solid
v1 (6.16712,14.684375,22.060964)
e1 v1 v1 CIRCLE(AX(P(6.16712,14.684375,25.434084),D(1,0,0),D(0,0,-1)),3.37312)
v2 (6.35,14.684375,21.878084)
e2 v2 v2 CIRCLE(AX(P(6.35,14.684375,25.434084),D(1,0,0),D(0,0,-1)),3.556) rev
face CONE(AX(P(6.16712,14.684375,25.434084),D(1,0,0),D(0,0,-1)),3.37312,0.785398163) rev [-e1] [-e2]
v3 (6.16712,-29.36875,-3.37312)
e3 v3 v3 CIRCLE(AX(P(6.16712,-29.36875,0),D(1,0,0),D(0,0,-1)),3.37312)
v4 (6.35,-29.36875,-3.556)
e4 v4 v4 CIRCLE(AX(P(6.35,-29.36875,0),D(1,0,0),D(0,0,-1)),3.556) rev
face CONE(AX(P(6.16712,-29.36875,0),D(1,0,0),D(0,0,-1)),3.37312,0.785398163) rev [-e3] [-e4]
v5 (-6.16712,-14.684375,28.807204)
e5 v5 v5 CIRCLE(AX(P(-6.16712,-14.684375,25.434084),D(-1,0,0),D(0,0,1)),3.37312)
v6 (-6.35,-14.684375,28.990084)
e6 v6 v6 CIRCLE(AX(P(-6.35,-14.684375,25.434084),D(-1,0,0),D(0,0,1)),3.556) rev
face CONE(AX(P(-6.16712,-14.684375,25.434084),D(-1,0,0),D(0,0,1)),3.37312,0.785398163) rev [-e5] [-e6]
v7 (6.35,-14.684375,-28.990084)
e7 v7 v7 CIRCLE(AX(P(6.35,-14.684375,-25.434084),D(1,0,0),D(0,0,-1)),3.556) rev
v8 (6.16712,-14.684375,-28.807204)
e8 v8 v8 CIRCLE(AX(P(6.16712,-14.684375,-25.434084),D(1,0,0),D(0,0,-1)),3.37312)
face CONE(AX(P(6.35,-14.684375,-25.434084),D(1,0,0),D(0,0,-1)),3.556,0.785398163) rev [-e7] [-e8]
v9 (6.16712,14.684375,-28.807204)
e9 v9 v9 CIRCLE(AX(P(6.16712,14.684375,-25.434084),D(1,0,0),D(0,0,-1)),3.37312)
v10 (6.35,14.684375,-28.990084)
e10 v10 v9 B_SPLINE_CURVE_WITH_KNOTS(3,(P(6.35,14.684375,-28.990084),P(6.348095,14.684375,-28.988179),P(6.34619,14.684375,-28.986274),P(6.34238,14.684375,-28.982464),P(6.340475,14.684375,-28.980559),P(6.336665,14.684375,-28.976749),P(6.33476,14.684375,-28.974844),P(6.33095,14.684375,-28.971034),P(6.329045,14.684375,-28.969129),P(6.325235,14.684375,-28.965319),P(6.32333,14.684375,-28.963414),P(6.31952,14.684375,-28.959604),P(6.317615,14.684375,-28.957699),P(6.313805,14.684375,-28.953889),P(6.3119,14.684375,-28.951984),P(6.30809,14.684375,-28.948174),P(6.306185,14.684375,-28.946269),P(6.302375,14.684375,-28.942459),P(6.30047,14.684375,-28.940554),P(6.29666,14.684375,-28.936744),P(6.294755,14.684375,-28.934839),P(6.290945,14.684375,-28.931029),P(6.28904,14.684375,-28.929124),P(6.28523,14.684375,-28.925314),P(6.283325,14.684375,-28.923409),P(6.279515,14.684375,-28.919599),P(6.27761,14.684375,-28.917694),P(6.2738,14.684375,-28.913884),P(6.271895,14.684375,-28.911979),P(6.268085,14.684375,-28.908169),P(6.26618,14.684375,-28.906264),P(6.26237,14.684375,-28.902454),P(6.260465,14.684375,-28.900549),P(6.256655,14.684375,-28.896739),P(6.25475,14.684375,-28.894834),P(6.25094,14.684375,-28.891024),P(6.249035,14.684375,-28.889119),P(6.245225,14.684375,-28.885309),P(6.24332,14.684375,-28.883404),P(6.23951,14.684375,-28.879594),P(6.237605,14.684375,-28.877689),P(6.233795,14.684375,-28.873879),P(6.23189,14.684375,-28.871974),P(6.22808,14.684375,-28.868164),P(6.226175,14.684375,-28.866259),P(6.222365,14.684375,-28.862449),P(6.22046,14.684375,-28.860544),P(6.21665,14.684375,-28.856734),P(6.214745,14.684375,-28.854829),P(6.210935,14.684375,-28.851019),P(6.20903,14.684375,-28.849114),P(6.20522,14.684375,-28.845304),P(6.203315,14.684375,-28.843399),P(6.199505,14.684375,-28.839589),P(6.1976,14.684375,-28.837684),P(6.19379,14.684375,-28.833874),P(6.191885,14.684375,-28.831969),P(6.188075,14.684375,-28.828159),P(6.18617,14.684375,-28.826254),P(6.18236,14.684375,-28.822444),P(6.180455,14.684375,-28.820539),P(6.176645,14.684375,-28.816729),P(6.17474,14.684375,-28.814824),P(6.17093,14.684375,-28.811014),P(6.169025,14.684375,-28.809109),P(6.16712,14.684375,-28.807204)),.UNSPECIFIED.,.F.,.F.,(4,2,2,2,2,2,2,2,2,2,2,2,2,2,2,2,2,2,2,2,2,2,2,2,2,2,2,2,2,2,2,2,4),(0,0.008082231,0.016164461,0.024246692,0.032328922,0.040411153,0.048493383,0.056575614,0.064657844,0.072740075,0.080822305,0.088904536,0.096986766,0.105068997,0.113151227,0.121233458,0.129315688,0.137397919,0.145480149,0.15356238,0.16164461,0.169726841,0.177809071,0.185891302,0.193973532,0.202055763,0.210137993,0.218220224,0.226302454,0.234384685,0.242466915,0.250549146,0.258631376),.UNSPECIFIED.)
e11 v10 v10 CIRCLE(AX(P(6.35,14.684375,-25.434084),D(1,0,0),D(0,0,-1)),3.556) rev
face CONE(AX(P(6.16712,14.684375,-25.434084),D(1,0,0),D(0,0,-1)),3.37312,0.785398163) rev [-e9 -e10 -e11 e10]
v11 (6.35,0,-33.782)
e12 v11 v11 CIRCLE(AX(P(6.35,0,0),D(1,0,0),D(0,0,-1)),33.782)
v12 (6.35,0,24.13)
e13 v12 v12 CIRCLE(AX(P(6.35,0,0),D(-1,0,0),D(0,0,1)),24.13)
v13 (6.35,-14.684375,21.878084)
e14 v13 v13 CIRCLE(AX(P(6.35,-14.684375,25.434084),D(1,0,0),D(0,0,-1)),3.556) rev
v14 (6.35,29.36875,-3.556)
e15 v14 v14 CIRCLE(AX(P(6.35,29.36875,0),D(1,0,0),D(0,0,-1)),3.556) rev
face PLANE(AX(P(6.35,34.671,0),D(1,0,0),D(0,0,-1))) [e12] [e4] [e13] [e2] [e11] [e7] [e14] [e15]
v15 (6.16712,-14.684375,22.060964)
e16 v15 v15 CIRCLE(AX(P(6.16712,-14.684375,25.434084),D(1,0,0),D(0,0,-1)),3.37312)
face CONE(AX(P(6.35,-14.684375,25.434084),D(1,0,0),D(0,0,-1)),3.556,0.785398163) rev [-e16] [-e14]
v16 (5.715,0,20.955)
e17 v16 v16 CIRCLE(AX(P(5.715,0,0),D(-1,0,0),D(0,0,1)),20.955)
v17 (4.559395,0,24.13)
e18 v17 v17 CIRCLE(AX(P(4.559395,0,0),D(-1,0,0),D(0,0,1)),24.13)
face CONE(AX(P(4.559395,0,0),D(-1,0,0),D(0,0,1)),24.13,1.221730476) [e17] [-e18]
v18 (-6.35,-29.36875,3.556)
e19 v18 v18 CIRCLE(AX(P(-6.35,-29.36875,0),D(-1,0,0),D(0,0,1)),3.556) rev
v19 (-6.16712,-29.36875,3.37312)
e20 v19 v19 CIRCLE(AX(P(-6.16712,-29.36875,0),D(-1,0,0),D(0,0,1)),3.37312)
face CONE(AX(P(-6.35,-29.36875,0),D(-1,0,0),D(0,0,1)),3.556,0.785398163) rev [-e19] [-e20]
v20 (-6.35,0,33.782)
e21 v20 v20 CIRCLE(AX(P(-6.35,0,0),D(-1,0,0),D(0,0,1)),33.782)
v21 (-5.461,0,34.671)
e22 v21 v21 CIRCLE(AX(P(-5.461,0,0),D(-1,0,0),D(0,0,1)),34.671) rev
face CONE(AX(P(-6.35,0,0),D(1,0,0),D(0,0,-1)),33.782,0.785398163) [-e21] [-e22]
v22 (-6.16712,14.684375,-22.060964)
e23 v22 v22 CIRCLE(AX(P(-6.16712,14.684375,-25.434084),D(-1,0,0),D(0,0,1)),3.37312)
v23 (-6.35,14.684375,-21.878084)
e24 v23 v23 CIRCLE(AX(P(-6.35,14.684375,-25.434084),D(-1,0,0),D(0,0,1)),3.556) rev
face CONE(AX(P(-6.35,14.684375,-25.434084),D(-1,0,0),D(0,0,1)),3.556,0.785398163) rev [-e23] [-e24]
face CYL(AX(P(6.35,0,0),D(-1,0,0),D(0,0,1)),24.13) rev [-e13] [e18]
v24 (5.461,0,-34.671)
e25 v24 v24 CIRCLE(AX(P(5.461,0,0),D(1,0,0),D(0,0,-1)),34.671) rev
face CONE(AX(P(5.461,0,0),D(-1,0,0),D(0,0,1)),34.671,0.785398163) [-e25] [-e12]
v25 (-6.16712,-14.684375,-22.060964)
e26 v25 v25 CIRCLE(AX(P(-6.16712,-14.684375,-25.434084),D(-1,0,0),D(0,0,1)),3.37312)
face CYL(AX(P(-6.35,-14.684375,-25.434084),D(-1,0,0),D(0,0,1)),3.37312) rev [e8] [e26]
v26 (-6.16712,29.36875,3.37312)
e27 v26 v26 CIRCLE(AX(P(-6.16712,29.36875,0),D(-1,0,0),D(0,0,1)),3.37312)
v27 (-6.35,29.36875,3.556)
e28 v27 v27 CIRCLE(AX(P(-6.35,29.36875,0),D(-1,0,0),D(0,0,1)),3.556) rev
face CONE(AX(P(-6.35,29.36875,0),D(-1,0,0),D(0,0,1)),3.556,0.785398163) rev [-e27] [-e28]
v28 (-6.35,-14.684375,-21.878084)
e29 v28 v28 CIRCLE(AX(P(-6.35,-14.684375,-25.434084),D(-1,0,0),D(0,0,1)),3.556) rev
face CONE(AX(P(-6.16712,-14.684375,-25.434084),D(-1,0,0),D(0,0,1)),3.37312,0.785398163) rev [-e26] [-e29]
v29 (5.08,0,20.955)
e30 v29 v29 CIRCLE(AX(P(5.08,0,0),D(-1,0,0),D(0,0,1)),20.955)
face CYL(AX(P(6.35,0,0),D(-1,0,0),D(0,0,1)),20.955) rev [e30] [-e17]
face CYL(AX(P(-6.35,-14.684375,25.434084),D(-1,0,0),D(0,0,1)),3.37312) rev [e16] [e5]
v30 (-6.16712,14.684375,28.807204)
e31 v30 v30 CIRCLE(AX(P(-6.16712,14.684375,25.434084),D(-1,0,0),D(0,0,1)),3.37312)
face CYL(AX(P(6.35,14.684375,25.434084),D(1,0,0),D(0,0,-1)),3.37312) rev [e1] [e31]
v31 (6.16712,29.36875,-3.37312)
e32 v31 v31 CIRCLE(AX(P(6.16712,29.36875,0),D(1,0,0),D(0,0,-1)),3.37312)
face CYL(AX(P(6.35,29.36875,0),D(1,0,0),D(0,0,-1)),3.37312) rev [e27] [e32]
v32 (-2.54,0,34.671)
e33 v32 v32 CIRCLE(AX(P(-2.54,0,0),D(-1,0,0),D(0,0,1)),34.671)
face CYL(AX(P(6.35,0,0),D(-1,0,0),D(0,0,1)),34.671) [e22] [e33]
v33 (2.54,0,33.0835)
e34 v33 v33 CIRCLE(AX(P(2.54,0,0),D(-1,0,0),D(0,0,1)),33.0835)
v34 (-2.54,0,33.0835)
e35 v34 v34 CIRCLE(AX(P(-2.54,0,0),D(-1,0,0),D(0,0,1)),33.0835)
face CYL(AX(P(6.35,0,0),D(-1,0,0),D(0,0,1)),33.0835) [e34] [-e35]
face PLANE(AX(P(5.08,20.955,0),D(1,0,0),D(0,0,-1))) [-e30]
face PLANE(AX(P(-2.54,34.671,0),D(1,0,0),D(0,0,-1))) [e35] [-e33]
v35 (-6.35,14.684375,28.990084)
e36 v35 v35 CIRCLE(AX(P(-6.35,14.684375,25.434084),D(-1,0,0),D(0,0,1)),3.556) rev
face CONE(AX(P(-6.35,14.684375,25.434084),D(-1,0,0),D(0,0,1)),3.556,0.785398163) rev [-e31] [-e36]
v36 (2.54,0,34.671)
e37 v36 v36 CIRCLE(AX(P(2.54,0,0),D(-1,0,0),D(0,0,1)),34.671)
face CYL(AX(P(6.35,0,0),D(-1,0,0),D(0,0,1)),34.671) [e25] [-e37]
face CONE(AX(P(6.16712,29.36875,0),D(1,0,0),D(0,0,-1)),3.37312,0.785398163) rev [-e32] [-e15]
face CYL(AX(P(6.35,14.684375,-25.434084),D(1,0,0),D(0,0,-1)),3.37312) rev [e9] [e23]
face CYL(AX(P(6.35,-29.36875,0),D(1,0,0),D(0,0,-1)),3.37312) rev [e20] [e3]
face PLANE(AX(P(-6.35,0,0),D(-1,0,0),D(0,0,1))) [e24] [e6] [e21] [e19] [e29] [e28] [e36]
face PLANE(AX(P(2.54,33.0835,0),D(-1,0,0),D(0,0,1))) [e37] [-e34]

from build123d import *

# Parameters (mm, degrees)
M6_CLEARANCE_HOLE1_D = 6.74624
M6_CLEARANCE_HOLE2_D = 6.74624
CHAMFER1_SIZE        = 0.18288
CHAMFER2_SIZE        = 0.889


with BuildPart() as part:
    # Sketch1 → Revolve1 (revolve)
    with BuildSketch(Plane(origin=(0, 0, 0), x_dir=(-1, 0, 0), z_dir=(0, 0, -1)), mode=Mode.PRIVATE) as revolve1_sk:
        Polygon((-5.08, 20.955), (-5.08, 0), (6.35, 0), (6.35, 34.671), (2.54, 34.671), (2.54, 33.0835), (-2.54, 33.0835), (-2.54, 34.671), (-6.35, 34.671), (-6.35, 24.13), (-4.559394506, 24.13), (-5.715, 20.955), align=None)
    revolve(revolve1_sk.sketch.rotate(Axis((6.35, 0, 0), (-1, 0, 0)), 270), axis=Axis((6.35, 0, 0), (-1, 0, 0)))

    # M6 Clearance Hole1 (through all)
    with Locations(Plane(origin=(6.35, 0, 0), x_dir=(0, 0, -1), z_dir=(1, 0, 0))):
        with Locations((0, 29.36875), (25.434083577, 14.684375), (0, -29.36875), (-25.434083577, 14.684375)):
            Hole(M6_CLEARANCE_HOLE1_D / 2)

    # M6 Clearance Hole2 (through all)
    with Locations(Plane.ZY.offset(6.35)):
        with Locations((25.434083577, -14.684375), (-25.434083577, -14.684375)):
            Hole(M6_CLEARANCE_HOLE2_D / 2)

    # Chamfer1
    chamfer1_edges = [part.edges().sort_by_distance(p)[0] for p in [
        (6.35, 14.684375, 22.060963577),
        (-6.35, 14.684375, 22.060963577),
        (6.35, -29.36875, -3.37312),
        (-6.35, -29.36875, -3.37312),
        (6.35, 14.684375, -28.807203577),
        (-6.35, 14.684375, -28.807203577),
        (6.35, 29.36875, -3.37312),
        (-6.35, 29.36875, -3.37312),
        (-6.35, -14.684375, -22.060963577),
        (6.35, -14.684375, -22.060963577),
        (-6.35, -14.684375, 28.807203577),
        (6.35, -14.684375, 28.807203577),
    ]]
    chamfer(chamfer1_edges, length=CHAMFER1_SIZE)

    # Chamfer2
    chamfer2_edges = [part.edges().sort_by_distance(p)[0] for p in [
        (6.35, 0, -34.671),
        (-6.35, 0, -34.671),
    ]]
    chamfer(chamfer2_edges, length=CHAMFER2_SIZE)


solid = part.part
